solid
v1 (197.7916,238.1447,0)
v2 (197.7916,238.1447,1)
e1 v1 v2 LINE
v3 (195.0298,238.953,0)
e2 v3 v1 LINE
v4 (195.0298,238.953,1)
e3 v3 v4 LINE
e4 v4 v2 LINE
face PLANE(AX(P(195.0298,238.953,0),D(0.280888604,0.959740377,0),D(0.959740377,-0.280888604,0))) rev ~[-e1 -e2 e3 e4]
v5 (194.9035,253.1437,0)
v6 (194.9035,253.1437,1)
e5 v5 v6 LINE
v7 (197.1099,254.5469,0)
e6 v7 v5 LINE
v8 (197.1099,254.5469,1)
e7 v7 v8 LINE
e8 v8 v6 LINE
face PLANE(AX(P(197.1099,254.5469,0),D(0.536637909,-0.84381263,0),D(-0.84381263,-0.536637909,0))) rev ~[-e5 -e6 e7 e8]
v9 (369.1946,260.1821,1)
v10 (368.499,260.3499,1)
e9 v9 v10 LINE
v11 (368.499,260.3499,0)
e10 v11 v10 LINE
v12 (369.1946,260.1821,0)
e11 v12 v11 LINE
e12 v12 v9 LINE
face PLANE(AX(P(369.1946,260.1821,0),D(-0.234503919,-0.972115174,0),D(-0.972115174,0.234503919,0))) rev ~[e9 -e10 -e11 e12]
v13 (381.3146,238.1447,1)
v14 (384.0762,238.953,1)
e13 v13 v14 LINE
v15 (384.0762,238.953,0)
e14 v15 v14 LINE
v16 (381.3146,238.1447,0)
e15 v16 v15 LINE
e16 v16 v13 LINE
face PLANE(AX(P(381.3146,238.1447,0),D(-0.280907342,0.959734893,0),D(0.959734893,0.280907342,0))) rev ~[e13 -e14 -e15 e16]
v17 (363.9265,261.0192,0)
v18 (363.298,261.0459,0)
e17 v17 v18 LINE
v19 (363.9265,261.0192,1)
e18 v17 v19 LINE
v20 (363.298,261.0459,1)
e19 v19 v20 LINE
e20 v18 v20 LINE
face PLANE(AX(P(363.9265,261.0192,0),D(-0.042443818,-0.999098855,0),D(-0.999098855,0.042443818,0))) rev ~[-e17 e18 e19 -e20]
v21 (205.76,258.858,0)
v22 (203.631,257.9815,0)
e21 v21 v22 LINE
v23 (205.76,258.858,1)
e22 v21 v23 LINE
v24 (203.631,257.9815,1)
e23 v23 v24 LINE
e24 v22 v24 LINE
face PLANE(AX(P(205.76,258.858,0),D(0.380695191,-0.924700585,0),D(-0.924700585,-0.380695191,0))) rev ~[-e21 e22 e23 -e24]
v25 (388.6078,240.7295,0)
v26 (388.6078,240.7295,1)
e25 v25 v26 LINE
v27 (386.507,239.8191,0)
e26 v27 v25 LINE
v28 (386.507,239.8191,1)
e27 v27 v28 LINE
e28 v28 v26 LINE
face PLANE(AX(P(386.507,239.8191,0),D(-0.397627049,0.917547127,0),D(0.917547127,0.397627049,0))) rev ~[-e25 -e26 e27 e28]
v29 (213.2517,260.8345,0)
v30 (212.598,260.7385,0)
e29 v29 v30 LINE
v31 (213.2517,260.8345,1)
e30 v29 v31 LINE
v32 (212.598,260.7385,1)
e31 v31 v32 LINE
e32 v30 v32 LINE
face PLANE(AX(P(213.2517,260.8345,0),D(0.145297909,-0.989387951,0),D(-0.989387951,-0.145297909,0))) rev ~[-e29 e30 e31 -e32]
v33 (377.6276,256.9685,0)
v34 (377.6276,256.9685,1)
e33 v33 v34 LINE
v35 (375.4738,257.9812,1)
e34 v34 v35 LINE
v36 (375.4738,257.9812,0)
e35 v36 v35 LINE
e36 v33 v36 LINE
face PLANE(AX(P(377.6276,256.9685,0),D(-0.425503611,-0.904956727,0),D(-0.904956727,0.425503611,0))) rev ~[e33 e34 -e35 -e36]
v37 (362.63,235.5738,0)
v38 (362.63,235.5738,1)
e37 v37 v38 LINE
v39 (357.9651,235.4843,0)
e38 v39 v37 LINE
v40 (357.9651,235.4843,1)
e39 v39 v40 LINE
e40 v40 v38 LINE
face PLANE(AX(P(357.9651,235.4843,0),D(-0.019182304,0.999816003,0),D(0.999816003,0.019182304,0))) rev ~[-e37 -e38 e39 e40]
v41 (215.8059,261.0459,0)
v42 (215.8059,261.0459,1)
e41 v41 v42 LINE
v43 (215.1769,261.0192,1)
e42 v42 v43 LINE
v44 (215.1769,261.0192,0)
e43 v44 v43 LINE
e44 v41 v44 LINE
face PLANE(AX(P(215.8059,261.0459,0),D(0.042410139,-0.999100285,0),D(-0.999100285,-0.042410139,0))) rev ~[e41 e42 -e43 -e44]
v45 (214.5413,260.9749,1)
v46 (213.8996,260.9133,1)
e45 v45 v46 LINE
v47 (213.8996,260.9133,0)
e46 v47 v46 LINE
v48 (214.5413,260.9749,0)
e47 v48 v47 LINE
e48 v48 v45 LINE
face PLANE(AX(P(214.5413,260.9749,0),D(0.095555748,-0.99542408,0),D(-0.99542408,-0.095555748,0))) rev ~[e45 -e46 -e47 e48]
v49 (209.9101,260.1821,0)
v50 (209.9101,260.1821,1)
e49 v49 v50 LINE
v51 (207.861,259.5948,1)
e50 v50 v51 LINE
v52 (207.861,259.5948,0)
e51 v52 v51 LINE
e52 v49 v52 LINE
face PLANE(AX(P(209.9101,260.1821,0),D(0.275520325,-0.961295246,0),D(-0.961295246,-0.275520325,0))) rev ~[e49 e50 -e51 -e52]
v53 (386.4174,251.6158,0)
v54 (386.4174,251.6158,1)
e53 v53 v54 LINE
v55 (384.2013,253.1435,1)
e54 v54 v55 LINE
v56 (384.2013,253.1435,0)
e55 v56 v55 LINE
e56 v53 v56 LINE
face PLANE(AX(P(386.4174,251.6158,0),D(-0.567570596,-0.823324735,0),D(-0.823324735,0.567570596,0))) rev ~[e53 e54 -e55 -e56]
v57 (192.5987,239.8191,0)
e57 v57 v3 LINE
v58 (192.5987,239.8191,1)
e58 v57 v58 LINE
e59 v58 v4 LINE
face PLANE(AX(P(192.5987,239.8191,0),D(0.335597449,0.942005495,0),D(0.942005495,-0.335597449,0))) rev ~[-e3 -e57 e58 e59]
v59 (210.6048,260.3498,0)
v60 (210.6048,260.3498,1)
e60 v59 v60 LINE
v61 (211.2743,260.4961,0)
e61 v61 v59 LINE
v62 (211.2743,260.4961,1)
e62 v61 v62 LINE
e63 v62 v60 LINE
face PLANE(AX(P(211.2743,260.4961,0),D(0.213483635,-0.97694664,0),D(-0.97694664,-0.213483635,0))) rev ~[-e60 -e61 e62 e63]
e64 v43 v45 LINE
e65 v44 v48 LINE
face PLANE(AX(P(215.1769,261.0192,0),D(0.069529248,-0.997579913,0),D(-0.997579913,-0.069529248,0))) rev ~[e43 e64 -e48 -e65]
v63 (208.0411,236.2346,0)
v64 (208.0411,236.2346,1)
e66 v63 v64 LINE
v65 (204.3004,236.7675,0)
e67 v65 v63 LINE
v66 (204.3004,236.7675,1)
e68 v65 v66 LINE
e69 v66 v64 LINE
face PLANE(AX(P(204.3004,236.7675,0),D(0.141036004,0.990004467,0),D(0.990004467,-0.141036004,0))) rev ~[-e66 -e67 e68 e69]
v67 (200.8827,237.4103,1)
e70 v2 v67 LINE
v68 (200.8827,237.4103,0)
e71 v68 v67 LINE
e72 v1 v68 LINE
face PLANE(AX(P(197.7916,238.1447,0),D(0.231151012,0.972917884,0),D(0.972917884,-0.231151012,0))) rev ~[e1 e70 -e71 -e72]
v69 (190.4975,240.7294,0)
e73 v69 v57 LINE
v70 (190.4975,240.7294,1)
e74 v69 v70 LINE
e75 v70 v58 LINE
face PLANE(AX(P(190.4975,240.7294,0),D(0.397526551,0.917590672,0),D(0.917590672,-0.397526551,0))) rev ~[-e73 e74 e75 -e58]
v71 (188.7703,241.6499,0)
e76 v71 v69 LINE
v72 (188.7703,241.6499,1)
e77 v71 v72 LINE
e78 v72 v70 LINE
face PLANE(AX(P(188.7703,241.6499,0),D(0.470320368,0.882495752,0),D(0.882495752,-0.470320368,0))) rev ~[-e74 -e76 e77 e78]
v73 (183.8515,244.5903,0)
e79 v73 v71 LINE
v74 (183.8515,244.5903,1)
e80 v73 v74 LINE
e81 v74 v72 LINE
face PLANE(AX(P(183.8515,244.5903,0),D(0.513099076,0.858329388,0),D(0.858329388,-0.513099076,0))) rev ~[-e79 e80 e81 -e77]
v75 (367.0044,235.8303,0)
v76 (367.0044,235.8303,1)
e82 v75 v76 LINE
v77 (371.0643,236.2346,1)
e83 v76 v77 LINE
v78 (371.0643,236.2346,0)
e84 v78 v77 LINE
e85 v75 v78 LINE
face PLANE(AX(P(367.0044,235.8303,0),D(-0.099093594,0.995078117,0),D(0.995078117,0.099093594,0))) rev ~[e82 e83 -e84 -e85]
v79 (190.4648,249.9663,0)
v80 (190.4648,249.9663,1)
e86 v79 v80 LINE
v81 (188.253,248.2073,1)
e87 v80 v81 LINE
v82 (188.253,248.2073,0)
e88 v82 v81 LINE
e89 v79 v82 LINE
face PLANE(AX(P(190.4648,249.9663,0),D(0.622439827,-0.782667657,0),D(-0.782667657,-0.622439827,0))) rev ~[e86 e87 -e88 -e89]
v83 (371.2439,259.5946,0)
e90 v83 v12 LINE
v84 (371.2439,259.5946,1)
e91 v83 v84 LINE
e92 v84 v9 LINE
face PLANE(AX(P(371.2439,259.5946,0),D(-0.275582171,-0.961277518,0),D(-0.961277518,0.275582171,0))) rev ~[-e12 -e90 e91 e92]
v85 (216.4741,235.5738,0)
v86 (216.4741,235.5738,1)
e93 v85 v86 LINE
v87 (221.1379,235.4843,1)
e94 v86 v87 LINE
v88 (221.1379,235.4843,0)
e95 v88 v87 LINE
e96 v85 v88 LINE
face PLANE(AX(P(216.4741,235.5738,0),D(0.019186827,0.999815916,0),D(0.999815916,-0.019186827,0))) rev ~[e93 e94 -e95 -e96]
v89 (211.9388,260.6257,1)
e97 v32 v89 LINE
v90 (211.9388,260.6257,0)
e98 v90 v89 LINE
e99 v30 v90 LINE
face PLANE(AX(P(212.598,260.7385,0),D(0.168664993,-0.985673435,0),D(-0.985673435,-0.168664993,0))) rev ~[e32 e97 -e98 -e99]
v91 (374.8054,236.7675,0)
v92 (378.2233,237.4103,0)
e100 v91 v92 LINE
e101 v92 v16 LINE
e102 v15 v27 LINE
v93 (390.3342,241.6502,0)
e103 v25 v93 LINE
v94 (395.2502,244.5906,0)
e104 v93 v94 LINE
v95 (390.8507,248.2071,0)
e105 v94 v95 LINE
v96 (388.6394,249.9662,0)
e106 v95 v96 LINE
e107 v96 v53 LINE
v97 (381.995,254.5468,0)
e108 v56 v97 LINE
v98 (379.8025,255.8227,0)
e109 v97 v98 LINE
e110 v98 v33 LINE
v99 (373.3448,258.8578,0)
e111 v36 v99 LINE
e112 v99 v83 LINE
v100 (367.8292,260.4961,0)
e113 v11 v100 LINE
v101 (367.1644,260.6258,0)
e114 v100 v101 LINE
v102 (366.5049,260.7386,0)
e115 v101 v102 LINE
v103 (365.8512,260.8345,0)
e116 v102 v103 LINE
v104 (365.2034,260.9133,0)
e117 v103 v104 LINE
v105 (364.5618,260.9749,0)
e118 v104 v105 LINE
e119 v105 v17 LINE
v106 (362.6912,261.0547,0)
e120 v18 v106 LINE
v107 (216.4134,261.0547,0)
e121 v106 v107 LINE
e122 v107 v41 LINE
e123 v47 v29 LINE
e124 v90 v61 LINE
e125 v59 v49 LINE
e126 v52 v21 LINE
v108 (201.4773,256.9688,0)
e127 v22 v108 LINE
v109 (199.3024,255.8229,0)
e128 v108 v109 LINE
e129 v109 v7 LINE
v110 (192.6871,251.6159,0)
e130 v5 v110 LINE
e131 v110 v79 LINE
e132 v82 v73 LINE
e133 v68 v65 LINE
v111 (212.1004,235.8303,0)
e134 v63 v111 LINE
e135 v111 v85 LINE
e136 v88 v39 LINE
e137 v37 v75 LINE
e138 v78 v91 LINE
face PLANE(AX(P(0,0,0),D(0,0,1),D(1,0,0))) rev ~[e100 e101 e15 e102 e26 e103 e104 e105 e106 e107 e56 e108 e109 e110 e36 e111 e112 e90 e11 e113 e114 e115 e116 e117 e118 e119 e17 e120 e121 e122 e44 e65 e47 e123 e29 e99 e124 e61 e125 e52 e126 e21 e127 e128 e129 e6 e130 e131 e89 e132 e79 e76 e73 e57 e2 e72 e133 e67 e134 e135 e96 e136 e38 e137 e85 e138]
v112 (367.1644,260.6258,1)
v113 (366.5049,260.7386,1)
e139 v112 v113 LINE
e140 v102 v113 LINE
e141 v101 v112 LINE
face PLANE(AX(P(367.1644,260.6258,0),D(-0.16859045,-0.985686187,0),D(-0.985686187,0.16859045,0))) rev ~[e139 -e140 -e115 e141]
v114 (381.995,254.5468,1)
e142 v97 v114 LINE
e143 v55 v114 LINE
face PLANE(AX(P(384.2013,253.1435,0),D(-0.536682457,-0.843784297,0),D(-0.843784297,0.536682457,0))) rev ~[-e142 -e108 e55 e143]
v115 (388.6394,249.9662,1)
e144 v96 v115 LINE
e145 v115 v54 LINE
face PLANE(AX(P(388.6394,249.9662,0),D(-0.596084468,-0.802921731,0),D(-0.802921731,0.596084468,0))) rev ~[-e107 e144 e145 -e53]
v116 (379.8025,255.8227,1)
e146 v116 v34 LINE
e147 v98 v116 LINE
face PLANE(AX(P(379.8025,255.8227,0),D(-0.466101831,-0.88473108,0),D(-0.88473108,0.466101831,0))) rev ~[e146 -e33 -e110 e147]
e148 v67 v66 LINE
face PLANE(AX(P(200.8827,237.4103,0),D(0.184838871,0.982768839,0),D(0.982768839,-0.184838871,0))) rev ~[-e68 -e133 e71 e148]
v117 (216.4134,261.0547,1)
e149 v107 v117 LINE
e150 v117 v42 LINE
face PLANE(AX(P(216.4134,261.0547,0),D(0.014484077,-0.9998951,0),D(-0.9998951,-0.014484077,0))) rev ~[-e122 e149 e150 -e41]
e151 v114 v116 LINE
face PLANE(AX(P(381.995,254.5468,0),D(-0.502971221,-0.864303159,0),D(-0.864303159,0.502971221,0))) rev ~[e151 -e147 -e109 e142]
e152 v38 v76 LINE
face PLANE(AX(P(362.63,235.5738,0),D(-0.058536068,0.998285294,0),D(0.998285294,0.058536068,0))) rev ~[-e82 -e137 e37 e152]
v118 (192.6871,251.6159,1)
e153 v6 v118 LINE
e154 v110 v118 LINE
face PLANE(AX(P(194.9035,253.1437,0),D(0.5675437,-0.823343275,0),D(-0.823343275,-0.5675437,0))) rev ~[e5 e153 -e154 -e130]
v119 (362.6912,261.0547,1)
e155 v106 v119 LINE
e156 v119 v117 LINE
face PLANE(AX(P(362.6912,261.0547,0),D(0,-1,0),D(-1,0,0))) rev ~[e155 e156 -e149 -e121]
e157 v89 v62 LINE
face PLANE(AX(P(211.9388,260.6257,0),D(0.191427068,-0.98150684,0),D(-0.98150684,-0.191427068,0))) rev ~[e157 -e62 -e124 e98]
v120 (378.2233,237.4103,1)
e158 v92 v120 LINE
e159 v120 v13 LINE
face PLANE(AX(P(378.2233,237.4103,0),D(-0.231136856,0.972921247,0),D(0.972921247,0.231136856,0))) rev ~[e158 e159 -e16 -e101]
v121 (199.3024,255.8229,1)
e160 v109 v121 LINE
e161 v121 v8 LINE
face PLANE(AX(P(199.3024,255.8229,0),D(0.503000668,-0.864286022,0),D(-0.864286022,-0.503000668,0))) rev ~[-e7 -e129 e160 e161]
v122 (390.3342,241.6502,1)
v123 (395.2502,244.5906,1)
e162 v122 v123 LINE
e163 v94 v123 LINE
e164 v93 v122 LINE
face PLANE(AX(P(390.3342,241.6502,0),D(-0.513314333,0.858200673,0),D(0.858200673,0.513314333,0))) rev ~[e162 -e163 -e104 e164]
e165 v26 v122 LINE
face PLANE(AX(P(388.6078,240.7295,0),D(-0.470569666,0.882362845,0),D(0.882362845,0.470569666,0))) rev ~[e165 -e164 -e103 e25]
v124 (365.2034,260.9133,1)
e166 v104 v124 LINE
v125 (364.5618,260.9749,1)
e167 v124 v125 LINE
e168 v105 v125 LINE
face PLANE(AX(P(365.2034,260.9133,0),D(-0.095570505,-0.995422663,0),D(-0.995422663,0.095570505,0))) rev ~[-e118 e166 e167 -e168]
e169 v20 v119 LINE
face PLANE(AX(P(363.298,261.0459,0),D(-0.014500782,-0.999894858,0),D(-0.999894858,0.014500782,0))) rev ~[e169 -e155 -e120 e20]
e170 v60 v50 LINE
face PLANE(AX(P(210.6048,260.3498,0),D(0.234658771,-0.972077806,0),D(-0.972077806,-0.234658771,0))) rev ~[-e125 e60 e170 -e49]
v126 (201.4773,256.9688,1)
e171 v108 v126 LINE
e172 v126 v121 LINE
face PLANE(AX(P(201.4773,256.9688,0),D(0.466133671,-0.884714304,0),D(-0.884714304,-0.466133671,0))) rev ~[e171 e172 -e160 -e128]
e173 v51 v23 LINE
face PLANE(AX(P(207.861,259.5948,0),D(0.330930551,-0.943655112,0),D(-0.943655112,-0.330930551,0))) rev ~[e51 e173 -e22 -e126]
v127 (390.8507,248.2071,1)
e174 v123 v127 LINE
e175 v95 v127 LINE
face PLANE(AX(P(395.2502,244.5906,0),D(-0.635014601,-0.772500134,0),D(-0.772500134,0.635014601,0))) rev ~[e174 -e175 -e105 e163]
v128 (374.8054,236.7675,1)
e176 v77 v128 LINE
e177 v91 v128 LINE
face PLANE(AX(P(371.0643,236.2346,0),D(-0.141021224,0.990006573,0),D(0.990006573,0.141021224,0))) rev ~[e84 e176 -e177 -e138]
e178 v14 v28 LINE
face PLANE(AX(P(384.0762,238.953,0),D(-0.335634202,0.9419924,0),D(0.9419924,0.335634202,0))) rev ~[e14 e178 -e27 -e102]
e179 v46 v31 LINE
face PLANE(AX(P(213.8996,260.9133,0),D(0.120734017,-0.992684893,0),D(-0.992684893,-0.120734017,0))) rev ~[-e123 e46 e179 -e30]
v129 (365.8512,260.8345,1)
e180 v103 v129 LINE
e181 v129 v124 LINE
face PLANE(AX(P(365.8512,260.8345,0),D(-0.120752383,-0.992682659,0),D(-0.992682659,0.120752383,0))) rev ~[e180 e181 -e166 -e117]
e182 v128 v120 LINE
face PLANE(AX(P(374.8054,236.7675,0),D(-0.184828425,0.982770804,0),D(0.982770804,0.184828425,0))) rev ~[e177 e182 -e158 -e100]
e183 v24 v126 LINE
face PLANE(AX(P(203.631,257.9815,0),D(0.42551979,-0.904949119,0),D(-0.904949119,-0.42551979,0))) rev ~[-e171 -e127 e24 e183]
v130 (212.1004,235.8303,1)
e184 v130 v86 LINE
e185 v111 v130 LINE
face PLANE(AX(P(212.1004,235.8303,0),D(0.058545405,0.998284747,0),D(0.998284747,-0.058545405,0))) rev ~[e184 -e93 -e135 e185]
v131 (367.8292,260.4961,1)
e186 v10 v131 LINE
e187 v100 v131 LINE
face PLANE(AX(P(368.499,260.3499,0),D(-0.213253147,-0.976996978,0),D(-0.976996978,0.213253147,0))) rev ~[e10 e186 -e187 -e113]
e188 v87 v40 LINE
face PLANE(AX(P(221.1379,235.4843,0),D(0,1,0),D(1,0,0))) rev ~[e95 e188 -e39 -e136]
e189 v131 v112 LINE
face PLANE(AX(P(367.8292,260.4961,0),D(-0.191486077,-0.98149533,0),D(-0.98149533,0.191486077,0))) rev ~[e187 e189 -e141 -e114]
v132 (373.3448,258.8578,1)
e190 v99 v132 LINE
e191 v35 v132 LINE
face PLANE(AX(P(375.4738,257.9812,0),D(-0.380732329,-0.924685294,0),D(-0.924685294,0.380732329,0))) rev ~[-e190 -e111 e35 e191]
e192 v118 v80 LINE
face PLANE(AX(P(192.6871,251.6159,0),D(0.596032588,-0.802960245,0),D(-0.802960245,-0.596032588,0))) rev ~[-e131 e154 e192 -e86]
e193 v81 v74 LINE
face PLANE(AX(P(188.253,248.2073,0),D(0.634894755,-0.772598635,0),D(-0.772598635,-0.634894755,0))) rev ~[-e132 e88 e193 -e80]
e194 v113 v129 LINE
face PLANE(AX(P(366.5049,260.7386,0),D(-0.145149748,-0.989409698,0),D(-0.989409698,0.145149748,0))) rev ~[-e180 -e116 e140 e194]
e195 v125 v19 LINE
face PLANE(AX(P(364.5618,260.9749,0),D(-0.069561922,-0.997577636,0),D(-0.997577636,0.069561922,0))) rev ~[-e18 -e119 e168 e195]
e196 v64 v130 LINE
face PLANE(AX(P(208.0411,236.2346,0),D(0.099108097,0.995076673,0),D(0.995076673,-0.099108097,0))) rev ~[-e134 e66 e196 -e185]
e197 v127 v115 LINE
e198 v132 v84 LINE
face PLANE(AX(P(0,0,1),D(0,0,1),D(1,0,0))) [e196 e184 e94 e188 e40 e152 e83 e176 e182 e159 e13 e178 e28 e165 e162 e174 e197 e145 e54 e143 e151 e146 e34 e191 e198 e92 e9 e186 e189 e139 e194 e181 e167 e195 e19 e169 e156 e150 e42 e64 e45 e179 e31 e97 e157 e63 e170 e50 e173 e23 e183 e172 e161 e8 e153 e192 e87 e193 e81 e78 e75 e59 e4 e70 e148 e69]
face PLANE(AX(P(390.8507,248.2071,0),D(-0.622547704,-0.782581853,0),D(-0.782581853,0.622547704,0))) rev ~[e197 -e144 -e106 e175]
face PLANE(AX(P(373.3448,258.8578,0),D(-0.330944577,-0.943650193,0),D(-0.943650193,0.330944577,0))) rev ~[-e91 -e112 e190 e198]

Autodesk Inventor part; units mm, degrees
ref_plane "YZ Plane" through (0, 0, 0) normal (1, 0, 0) x (0, 1, 0)
ref_plane "XZ Plane" through (0, 0, 0) normal (0, 1, 0) x (-1, 0, 0)
ref_plane "XY Plane" through (0, 0, 0) normal (0, 0, 1) x (1, 0, 0)
sketch "スケッチ1" plane through (0, 0, 0) normal (0, 0, 1) x (1, 0, 0)
  line L0 (357.9651, 235.4843) -> (362.63, 235.5738)
  line L1 (362.63, 235.5738) -> (367.0044, 235.8303)
  line L2 (367.0044, 235.8303) -> (371.0643, 236.2346)
  line L3 (371.0643, 236.2346) -> (374.8054, 236.7675)
  line L4 (374.8054, 236.7675) -> (378.2233, 237.4103)
  line L5 (378.2233, 237.4103) -> (381.3146, 238.1447)
  line L6 (381.3146, 238.1447) -> (384.0762, 238.953)
  line L7 (384.0762, 238.953) -> (386.507, 239.8191)
  line L8 (386.507, 239.8191) -> (388.6078, 240.7295)
  line L9 (388.6078, 240.7295) -> (390.3342, 241.6502)
  line L10 (390.3342, 241.6502) -> (395.2502, 244.5906)
  line L11 (395.2502, 244.5906) -> (390.8507, 248.2071)
  line L12 (390.8507, 248.2071) -> (388.6394, 249.9662)
  line L13 (388.6394, 249.9662) -> (386.4174, 251.6158)
  line L14 (386.4174, 251.6158) -> (384.2013, 253.1435)
  line L15 (384.2013, 253.1435) -> (381.995, 254.5468)
  line L16 (381.995, 254.5468) -> (379.8025, 255.8227)
  line L17 (379.8025, 255.8227) -> (377.6276, 256.9685)
  line L18 (377.6276, 256.9685) -> (375.4738, 257.9812)
  line L19 (375.4738, 257.9812) -> (373.3448, 258.8578)
  line L20 (373.3448, 258.8578) -> (371.2439, 259.5946)
  line L21 (371.2439, 259.5946) -> (369.1946, 260.1821)
  line L22 (369.1946, 260.1821) -> (368.499, 260.3499)
  line L23 (368.499, 260.3499) -> (367.8292, 260.4961)
  line L24 (367.8292, 260.4961) -> (367.1644, 260.6258)
  line L25 (367.1644, 260.6258) -> (366.5049, 260.7386)
  line L26 (366.5049, 260.7386) -> (365.8512, 260.8345)
  line L27 (365.8512, 260.8345) -> (365.2034, 260.9133)
  line L28 (365.2034, 260.9133) -> (364.5618, 260.9749)
  line L29 (364.5618, 260.9749) -> (363.9265, 261.0192)
  line L30 (363.9265, 261.0192) -> (363.298, 261.0459)
  line L31 (363.298, 261.0459) -> (362.6912, 261.0547)
  line L32 (362.6912, 261.0547) -> (216.4134, 261.0547)
  line L33 (216.4134, 261.0547) -> (215.8059, 261.0459)
  line L34 (215.8059, 261.0459) -> (215.1769, 261.0192)
  line L35 (215.1769, 261.0192) -> (214.5413, 260.9749)
  line L36 (214.5413, 260.9749) -> (213.8996, 260.9133)
  line L37 (213.8996, 260.9133) -> (213.2517, 260.8345)
  line L38 (213.2517, 260.8345) -> (212.598, 260.7385)
  line L39 (212.598, 260.7385) -> (211.9388, 260.6257)
  line L40 (211.9388, 260.6257) -> (211.2743, 260.4961)
  line L41 (211.2743, 260.4961) -> (210.6048, 260.3498)
  line L42 (210.6048, 260.3498) -> (209.9101, 260.1821)
  line L43 (209.9101, 260.1821) -> (207.861, 259.5948)
  line L44 (207.861, 259.5948) -> (205.76, 258.858)
  line L45 (205.76, 258.858) -> (203.631, 257.9815)
  line L46 (203.631, 257.9815) -> (201.4773, 256.9688)
  line L47 (201.4773, 256.9688) -> (199.3024, 255.8229)
  line L48 (199.3024, 255.8229) -> (197.1099, 254.5469)
  line L49 (197.1099, 254.5469) -> (194.9035, 253.1437)
  line L50 (194.9035, 253.1437) -> (192.6871, 251.6159)
  line L51 (192.6871, 251.6159) -> (190.4648, 249.9663)
  line L52 (190.4648, 249.9663) -> (188.253, 248.2073)
  line L53 (188.253, 248.2073) -> (183.8515, 244.5903)
  line L54 (183.8515, 244.5903) -> (188.7703, 241.6499)
  line L55 (188.7703, 241.6499) -> (190.4975, 240.7294)
  line L56 (190.4975, 240.7294) -> (192.5987, 239.8191)
  line L57 (192.5987, 239.8191) -> (195.0298, 238.953)
  line L58 (195.0298, 238.953) -> (197.7916, 238.1447)
  line L59 (197.7916, 238.1447) -> (200.8827, 237.4103)
  line L60 (200.8827, 237.4103) -> (204.3004, 236.7675)
  line L61 (204.3004, 236.7675) -> (208.0411, 236.2346)
  line L62 (208.0411, 236.2346) -> (212.1004, 235.8303)
  line L63 (212.1004, 235.8303) -> (216.4741, 235.5738)
  line L64 (216.4741, 235.5738) -> (221.1379, 235.4843)
  line L65 (221.1379, 235.4843) -> (357.9651, 235.4843)
  point P0 (0, 0)
extrude "押し出し1" add sketch "スケッチ1" along normal blind 1
